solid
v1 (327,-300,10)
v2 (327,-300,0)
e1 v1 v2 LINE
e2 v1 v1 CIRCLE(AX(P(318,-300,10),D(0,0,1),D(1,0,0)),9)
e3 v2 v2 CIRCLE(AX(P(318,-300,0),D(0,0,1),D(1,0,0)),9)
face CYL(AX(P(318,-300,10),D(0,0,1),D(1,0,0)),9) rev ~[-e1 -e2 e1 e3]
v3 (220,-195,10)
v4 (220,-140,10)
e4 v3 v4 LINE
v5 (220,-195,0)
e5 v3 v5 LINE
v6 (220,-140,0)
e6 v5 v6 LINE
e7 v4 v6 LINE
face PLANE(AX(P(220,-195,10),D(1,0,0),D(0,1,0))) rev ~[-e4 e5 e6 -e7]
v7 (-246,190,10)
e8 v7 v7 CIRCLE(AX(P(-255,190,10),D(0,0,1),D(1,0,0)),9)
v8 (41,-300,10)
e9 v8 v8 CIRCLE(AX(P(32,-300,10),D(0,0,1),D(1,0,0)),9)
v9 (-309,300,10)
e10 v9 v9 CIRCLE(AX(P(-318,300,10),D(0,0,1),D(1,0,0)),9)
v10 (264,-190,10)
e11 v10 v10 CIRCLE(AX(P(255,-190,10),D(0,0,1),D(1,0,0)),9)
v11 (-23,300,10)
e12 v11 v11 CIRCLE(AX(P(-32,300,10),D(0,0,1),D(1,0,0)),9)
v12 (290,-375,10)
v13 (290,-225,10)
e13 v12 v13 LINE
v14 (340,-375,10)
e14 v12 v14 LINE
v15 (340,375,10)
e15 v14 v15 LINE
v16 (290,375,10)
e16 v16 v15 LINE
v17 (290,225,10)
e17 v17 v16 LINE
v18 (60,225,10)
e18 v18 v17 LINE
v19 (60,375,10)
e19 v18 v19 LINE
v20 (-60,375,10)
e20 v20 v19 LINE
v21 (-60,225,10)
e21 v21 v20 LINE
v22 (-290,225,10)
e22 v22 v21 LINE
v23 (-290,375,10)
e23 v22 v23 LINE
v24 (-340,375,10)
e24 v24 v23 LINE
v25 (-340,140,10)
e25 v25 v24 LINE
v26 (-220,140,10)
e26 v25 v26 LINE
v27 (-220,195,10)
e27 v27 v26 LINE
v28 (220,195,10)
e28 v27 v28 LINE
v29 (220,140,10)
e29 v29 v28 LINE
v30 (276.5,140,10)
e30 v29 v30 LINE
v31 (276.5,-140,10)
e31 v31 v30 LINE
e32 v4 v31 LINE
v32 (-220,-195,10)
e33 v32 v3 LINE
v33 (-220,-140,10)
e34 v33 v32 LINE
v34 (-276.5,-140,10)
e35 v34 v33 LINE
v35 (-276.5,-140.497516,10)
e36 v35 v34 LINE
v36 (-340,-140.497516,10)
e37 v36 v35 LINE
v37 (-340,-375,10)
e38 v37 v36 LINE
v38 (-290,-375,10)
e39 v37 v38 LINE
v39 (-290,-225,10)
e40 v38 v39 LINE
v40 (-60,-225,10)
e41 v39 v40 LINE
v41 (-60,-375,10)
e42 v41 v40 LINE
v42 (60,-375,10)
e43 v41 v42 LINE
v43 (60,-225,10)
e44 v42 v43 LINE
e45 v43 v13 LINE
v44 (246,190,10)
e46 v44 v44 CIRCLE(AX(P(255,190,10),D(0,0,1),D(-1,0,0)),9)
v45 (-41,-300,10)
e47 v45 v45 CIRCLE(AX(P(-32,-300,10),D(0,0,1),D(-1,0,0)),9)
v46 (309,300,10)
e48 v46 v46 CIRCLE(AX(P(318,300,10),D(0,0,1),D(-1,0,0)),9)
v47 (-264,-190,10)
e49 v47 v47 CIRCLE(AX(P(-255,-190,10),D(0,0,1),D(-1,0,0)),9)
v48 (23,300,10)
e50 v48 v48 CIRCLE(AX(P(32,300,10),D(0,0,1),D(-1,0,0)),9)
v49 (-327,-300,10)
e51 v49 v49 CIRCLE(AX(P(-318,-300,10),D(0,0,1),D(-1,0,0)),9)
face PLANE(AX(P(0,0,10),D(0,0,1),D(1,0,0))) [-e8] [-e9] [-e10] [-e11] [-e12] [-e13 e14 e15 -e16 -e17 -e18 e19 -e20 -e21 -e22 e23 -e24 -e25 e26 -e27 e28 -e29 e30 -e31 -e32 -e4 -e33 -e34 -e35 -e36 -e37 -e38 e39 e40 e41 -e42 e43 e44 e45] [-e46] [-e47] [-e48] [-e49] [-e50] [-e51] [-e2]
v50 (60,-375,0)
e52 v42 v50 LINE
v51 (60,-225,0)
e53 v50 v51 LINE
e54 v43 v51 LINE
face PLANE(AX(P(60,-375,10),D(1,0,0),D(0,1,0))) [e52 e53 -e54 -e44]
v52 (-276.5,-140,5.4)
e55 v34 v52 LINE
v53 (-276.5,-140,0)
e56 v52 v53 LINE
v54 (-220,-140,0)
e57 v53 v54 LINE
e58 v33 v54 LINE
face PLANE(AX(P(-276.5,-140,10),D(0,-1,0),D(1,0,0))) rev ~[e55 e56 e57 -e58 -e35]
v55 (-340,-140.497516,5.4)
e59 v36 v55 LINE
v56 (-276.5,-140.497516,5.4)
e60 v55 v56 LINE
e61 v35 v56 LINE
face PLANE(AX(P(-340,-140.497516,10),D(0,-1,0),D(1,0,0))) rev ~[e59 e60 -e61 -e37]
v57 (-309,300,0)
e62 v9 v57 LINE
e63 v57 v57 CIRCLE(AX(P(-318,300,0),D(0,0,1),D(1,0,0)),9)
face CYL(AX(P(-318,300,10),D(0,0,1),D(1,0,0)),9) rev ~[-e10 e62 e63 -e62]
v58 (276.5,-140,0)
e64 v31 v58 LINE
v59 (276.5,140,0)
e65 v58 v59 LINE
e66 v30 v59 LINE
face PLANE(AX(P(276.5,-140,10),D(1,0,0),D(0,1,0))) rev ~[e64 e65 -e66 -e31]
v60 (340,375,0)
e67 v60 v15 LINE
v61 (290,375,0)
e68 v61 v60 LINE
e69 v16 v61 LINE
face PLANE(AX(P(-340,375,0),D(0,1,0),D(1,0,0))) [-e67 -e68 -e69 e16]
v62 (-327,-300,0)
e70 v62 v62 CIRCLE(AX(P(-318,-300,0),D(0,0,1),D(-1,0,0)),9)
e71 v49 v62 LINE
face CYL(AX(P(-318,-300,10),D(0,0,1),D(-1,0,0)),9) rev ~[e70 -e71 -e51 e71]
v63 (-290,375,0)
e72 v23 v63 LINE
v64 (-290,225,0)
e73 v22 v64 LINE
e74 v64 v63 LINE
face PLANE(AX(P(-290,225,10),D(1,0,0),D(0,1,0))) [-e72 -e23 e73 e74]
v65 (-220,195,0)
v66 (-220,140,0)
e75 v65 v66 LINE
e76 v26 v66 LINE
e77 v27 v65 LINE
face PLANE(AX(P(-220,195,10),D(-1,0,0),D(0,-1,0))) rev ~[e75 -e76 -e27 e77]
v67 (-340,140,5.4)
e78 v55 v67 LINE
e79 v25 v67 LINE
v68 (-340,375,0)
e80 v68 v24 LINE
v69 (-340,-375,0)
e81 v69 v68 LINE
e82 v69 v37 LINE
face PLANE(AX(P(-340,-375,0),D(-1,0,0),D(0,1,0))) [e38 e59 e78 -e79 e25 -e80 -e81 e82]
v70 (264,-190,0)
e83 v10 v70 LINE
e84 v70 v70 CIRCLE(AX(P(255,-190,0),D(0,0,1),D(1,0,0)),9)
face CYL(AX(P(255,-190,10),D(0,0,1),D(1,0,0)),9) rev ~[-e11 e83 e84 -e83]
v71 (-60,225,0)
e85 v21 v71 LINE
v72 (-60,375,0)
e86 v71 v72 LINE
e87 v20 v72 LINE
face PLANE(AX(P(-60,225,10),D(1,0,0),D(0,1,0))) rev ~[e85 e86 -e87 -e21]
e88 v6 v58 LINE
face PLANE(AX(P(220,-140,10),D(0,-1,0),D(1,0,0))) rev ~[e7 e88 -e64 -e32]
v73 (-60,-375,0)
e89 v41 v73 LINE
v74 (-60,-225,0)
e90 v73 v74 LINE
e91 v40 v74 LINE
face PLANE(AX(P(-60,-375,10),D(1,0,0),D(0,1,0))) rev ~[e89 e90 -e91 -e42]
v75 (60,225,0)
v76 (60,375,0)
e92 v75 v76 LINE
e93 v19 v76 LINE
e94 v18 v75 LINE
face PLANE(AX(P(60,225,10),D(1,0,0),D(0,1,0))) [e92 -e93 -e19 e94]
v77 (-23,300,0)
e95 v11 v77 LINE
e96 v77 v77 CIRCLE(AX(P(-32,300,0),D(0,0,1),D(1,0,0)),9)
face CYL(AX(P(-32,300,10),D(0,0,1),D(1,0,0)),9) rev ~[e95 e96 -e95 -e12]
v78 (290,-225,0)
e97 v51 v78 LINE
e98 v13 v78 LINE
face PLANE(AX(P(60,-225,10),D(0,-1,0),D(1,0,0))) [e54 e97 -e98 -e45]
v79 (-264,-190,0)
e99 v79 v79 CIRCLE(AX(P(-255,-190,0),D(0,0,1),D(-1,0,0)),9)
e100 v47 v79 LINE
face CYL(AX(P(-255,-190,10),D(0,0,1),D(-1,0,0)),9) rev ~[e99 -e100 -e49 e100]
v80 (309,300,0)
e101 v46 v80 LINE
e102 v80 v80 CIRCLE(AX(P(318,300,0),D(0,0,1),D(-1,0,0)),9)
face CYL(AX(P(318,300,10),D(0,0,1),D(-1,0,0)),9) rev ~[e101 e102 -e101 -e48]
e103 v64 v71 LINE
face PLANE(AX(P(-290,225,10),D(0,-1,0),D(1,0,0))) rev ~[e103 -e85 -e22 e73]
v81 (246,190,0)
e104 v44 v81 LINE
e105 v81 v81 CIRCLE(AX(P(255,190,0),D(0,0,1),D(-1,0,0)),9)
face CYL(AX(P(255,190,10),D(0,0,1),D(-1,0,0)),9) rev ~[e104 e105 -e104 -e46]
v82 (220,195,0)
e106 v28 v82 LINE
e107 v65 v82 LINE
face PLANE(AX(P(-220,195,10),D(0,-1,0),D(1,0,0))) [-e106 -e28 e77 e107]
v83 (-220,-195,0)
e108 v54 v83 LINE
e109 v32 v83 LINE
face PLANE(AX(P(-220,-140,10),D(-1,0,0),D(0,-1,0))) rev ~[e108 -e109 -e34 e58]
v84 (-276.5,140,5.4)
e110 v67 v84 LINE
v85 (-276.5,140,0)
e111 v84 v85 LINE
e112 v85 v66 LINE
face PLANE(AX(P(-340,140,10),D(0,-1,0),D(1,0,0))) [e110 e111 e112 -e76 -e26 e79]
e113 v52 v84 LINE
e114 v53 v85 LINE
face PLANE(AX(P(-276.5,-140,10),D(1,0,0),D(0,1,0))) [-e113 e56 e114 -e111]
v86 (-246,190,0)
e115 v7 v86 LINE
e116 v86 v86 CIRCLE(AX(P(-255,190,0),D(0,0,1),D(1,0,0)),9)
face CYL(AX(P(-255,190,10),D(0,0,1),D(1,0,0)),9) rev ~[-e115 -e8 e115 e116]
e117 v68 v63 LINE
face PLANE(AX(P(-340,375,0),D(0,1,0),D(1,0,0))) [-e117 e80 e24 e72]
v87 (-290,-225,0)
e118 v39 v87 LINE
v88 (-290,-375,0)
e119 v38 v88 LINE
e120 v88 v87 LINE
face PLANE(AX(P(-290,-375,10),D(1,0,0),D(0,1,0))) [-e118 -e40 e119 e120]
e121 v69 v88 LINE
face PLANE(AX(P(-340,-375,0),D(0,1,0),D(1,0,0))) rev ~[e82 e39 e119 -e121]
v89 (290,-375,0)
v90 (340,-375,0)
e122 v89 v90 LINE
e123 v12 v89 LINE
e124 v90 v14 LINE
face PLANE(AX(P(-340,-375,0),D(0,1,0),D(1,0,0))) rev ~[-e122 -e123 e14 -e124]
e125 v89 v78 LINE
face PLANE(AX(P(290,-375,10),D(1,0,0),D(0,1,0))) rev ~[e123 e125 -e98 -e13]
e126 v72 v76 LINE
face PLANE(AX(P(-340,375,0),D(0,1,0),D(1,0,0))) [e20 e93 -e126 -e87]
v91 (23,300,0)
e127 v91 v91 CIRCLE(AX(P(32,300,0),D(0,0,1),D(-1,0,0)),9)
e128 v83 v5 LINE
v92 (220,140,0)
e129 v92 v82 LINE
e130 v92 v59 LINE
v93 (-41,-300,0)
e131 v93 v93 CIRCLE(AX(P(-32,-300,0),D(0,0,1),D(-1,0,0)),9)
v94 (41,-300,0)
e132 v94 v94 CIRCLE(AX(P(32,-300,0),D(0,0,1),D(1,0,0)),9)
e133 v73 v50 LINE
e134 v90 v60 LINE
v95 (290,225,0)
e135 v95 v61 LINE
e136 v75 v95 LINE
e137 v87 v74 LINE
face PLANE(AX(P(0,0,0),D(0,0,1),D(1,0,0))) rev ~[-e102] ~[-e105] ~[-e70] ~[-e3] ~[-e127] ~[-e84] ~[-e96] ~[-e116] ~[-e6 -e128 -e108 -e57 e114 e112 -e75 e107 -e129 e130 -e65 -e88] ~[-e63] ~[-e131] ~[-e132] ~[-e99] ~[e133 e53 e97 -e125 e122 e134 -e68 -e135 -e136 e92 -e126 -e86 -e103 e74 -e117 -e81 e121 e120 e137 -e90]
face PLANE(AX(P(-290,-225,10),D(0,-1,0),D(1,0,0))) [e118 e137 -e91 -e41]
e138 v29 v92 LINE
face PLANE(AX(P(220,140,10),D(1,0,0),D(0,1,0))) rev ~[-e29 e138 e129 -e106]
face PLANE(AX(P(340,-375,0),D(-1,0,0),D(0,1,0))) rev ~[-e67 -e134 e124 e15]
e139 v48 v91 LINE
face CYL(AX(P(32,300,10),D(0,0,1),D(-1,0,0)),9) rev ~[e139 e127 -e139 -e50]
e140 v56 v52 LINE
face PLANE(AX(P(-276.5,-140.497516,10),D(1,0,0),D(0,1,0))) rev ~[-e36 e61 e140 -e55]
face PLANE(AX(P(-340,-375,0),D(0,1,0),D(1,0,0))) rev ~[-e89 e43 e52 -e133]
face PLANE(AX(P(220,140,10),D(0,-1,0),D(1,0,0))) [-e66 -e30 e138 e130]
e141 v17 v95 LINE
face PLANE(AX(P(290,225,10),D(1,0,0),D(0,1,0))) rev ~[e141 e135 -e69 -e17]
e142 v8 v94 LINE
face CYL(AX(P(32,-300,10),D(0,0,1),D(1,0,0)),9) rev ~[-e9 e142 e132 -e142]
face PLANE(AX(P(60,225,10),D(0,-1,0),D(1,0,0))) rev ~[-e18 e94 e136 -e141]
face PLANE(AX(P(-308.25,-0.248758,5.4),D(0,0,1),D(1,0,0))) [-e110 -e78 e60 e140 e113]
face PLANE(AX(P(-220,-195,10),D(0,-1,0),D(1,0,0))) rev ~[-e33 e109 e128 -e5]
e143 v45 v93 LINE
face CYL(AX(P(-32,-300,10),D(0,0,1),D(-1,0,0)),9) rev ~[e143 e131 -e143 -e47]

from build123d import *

# Parameters (mm, degrees)
SKETCH2_W           = 680
SKETCH2_H           = 750
BOSS_EXTRUDE1_DEPTH = 10
SKETCH3_W           = 230
SKETCH3_H           = 150
CUT_EXTRUDE1_DEPTH  = 507.285492583
SKETCH4_R           = 9
CUT_EXTRUDE4_DEPTH  = 507.285492583
SKETCH6_W           = 440
SKETCH6_H           = 280
SKETCH6_H_2         = 55
SKETCH6_W_2         = 56.5
CUT_EXTRUDE6_DEPTH  = 507.285492583
SKETCH7_W           = 63.5
SKETCH7_H           = 280.49751631
CUT_EXTRUDE7_DEPTH  = 4.6


with BuildPart() as part:
    # Sketch2 → Boss-Extrude1 (new body)
    with BuildSketch(Plane.XY):
        Rectangle(SKETCH2_W, SKETCH2_H)
    extrude(amount=BOSS_EXTRUDE1_DEPTH)

    # Sketch3 → Cut-Extrude1 (cut, through all)
    with BuildSketch(Plane.XY.offset(10)):
        with Locations((-175, 300)):
            Rectangle(SKETCH3_W, SKETCH3_H)
        with Locations((175, 300)):
            Rectangle(SKETCH3_W, SKETCH3_H)
        with Locations((175, -300)):
            Rectangle(SKETCH3_W, SKETCH3_H)
        with Locations((-175, -300)):
            Rectangle(SKETCH3_W, SKETCH3_H)
    extrude(amount=-CUT_EXTRUDE1_DEPTH, mode=Mode.SUBTRACT)

    # Sketch4 → Cut-Extrude4 (cut, through all)
    with BuildSketch(Plane.XY.offset(10)):
        with Locations((-318, 300)):
            Circle(SKETCH4_R)
        with Locations((-32, 300)):
            Circle(SKETCH4_R)
        with Locations((-255, 190)):
            Circle(SKETCH4_R)
        with Locations(Location((318, 300, 0), (0, 0, 180))):
            Circle(SKETCH4_R)
        with Locations(Location((255, 190, 0), (0, 0, 180))):
            Circle(SKETCH4_R)
        with Locations(Location((32, 300, 0), (0, 0, 180))):
            Circle(SKETCH4_R)
        with Locations((318, -300)):
            Circle(SKETCH4_R)
        with Locations((255, -190)):
            Circle(SKETCH4_R)
        with Locations((32, -300)):
            Circle(SKETCH4_R)
        with Locations(Location((-255, -190, 0), (0, 0, 180))):
            Circle(SKETCH4_R)
        with Locations(Location((-32, -300, 0), (0, 0, 180))):
            Circle(SKETCH4_R)
        with Locations(Location((-318, -300, 0), (0, 0, 180))):
            Circle(SKETCH4_R)
    extrude(amount=-CUT_EXTRUDE4_DEPTH, mode=Mode.SUBTRACT)

    # Sketch6 → Cut-Extrude6 (cut, through all)
    with BuildSketch(Plane.XY.offset(10)):
        Rectangle(SKETCH6_W, SKETCH6_H)
        with Locations((0, 167.5)):
            Rectangle(SKETCH6_W, SKETCH6_H_2)
        with Locations((0, -167.5)):
            Rectangle(SKETCH6_W, SKETCH6_H_2)
        with Locations((248.25, 0)):
            Rectangle(SKETCH6_W_2, SKETCH6_H)
        with Locations((-248.25, 0)):
            Rectangle(SKETCH6_W_2, SKETCH6_H)
    extrude(amount=-CUT_EXTRUDE6_DEPTH, mode=Mode.SUBTRACT)

    # Sketch7 → Cut-Extrude7 (cut)
    with BuildSketch(Plane.XY.offset(10)):
        with Locations((-308.25, -0.248758155)):
            Rectangle(SKETCH7_W, SKETCH7_H)
    extrude(amount=-CUT_EXTRUDE7_DEPTH, mode=Mode.SUBTRACT)


solid = part.part
